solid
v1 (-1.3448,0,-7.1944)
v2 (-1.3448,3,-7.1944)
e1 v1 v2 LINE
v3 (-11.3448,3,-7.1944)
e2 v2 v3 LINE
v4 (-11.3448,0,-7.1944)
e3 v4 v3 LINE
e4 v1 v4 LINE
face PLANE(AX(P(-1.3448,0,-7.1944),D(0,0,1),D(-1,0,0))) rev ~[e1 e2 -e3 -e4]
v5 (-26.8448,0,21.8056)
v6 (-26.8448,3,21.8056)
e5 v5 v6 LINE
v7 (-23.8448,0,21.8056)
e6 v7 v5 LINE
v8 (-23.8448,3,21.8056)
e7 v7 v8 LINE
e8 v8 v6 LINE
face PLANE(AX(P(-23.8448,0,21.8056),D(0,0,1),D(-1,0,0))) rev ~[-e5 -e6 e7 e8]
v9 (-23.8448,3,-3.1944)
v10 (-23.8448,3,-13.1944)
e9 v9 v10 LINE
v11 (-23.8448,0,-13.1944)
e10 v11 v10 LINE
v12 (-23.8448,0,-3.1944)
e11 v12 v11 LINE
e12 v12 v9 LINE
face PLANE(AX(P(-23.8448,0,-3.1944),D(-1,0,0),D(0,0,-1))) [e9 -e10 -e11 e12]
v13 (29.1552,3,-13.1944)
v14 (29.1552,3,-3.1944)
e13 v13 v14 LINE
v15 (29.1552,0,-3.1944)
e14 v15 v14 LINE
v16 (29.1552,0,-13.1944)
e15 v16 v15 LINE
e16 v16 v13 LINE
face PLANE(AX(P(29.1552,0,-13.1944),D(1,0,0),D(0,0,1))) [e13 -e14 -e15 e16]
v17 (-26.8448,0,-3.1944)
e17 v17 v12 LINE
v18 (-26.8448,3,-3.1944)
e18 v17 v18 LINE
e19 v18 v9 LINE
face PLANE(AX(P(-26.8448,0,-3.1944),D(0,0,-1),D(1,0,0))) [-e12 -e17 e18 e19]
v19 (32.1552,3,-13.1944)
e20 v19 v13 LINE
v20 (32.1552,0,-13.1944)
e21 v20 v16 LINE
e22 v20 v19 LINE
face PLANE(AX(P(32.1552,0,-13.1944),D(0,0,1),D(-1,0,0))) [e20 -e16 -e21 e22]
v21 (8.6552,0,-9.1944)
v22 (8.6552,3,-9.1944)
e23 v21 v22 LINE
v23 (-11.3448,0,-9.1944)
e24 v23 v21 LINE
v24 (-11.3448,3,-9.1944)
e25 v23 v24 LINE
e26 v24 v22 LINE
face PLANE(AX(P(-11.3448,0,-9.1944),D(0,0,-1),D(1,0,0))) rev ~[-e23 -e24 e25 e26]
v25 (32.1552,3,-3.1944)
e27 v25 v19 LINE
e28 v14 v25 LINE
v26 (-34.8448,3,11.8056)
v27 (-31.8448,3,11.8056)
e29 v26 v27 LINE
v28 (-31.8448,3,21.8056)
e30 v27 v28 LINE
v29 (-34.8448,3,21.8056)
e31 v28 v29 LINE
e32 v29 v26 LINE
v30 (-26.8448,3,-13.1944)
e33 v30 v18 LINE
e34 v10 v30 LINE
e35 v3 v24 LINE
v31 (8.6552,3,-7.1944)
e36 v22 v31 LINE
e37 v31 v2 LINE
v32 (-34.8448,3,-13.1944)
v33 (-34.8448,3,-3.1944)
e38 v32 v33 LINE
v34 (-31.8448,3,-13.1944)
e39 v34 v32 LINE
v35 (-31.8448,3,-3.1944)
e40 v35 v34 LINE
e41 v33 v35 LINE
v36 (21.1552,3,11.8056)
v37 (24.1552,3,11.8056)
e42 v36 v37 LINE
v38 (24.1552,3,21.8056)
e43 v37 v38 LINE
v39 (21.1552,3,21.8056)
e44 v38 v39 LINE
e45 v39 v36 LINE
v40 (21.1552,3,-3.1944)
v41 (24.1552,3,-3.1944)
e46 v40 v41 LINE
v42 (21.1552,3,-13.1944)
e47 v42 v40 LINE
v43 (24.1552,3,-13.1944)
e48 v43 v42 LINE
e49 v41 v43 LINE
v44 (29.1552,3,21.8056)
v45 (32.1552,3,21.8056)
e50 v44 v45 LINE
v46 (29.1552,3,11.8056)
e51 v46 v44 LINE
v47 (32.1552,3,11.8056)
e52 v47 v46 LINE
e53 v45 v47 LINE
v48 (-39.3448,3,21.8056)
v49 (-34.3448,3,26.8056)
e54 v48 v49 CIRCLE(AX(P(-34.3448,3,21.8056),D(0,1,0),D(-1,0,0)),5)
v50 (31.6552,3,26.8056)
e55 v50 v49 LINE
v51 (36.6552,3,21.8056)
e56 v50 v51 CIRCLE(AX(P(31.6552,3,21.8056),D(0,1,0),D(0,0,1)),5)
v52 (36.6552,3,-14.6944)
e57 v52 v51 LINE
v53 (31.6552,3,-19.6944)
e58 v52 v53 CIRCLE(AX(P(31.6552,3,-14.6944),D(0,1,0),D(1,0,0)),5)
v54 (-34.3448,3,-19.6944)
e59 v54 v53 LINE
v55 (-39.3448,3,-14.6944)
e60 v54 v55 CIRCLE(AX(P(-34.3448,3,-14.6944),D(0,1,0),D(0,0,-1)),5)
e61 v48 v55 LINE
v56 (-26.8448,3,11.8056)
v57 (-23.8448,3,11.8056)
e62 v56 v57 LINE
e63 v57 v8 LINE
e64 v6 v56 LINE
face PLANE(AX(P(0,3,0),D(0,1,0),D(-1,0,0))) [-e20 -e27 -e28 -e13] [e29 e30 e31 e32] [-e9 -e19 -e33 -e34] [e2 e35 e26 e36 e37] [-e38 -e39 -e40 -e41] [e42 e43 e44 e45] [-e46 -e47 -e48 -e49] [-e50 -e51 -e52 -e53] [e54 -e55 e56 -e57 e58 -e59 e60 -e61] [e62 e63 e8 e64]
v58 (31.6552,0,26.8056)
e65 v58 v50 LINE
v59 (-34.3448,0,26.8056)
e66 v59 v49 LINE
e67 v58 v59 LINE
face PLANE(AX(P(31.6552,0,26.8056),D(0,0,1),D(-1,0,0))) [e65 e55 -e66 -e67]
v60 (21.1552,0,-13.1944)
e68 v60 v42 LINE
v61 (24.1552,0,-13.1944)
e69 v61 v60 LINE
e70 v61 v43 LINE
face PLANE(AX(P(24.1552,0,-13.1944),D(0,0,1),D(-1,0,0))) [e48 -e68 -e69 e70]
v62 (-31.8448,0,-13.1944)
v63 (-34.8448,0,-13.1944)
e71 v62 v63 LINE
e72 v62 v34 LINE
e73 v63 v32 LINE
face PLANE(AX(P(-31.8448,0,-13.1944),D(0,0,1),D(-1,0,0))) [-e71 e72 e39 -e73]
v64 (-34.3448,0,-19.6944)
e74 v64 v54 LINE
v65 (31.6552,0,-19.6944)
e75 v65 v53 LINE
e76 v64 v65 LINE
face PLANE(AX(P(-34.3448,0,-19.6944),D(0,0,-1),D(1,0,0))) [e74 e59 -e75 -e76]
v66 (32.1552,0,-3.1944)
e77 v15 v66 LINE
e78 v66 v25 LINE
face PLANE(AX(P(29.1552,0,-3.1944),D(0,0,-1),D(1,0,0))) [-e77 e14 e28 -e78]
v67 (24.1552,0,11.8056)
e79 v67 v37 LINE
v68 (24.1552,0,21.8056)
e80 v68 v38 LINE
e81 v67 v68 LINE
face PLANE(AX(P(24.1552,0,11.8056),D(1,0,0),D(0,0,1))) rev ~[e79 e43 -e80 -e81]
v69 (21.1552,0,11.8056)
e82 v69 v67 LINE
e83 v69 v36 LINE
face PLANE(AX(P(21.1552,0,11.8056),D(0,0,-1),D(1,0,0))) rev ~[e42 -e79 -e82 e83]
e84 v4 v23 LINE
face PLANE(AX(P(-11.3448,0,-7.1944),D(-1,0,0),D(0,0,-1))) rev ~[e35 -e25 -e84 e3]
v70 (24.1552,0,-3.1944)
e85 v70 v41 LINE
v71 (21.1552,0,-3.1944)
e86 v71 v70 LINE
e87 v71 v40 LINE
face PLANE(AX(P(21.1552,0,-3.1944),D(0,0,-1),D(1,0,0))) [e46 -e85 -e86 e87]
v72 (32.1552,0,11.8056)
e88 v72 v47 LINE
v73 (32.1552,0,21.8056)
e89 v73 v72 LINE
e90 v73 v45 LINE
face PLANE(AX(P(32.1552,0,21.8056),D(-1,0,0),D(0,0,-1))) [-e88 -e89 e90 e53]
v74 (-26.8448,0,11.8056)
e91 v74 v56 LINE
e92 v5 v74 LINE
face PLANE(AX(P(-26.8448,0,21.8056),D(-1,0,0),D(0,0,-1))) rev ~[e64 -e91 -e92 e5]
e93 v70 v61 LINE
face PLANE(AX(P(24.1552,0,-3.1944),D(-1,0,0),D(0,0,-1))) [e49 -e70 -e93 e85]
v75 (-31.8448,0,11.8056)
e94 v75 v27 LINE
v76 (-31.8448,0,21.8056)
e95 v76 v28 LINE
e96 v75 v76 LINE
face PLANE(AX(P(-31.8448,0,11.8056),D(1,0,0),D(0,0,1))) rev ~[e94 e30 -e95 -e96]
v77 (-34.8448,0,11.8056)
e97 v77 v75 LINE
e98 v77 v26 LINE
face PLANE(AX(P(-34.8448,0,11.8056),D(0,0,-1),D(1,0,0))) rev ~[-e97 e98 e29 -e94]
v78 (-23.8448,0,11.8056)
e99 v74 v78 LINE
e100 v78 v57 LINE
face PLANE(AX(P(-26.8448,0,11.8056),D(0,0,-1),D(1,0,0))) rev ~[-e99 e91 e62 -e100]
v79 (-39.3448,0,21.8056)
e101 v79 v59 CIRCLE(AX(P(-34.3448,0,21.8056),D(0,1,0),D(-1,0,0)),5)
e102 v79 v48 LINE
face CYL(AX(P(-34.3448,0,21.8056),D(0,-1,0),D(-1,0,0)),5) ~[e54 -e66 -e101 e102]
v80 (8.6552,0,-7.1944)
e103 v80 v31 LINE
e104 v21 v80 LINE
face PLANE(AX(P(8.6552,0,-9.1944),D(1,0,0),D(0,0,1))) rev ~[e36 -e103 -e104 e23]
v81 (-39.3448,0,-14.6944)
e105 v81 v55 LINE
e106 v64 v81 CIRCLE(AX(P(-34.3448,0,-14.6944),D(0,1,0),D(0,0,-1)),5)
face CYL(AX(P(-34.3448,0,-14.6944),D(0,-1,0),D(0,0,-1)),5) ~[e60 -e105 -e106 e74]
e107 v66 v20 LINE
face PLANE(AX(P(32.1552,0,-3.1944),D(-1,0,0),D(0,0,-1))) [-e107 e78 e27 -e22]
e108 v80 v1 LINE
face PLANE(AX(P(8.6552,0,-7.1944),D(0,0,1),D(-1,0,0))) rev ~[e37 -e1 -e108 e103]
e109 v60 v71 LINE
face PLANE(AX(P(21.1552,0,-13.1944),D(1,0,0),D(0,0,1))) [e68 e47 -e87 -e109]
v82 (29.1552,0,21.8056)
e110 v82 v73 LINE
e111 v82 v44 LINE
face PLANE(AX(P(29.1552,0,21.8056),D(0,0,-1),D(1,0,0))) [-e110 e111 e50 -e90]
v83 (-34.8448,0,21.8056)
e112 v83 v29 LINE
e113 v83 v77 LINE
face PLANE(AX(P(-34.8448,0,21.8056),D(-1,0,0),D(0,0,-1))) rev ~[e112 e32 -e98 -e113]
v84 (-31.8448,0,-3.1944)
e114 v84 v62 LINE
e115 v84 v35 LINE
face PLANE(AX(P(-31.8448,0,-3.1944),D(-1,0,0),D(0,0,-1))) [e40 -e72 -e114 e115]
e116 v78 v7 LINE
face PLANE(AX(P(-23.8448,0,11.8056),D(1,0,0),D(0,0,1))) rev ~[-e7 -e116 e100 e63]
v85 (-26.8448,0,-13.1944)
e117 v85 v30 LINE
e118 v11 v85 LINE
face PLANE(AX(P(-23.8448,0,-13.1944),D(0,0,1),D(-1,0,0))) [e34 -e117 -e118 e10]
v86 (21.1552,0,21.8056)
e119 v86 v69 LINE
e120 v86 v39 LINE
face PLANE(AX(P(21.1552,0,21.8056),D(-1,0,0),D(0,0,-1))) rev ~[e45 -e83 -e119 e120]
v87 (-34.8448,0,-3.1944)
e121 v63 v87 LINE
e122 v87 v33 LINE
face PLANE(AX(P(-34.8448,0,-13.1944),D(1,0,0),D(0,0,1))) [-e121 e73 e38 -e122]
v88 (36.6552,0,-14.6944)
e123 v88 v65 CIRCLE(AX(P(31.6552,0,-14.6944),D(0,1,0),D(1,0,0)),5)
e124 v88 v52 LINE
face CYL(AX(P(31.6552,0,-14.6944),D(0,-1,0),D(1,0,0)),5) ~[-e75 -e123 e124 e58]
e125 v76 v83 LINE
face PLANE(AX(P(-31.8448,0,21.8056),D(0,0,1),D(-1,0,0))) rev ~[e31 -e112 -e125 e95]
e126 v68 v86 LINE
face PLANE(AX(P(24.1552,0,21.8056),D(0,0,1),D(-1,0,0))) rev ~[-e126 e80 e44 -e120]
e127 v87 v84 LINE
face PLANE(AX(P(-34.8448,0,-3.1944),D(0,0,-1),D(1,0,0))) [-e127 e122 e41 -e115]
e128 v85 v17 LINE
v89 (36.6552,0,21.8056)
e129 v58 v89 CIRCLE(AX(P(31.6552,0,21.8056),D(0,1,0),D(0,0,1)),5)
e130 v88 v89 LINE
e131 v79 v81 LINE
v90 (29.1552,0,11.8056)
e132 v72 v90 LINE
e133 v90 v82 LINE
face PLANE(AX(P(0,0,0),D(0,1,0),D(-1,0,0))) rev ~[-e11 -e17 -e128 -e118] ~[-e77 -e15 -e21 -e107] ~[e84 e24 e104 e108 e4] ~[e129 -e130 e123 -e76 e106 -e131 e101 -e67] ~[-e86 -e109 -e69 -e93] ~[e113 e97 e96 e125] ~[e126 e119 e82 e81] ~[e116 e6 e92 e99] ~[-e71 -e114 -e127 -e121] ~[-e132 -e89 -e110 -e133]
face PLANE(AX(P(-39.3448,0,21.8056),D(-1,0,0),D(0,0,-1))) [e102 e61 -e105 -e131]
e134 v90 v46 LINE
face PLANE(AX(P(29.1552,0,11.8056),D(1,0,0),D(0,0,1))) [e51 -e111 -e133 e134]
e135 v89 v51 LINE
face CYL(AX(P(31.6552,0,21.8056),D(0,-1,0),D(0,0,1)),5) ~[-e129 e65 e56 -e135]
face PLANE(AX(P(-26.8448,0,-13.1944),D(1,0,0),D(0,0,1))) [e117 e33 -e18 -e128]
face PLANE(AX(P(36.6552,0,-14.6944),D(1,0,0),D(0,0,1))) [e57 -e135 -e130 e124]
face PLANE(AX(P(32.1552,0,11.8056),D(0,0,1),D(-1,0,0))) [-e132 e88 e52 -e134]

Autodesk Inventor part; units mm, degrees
ref_plane "YZ Plane" through (0, 0, 0) normal (1, 0, 0) x (0, 1, 0)
ref_plane "XZ Plane" through (0, 0, 0) normal (0, 1, 0) x (-1, 0, 0)
ref_plane "XY Plane" through (0, 0, 0) normal (0, 0, 1) x (1, 0, 0)
sketch "Sketch1" plane through (0, 0, 0) normal (0, 1, 0) x (-1, 0, 0)
  line L0 (-21.1552, -13.1944) -> (-21.1552, -3.1944)
  line L1 (-21.1552, -3.1944) -> (-24.1552, -3.1944)
  line L2 (-24.1552, -3.1944) -> (-24.1552, -13.1944)
  line L3 (-24.1552, -13.1944) -> (-21.1552, -13.1944)
  line L4 (-21.1552, 11.8056) -> (-24.1552, 11.8056)
  line L5 (-24.1552, 11.8056) -> (-24.1552, 21.8056)
  line L6 (-24.1552, 21.8056) -> (-21.1552, 21.8056)
  line L7 (-21.1552, 21.8056) -> (-21.1552, 11.8056)
  line L8 (26.8448, -13.1944) -> (26.8448, -3.1944)
  line L9 (26.8448, -3.1944) -> (23.8448, -3.1944)
  line L10 (23.8448, -3.1944) -> (23.8448, -13.1944)
  line L11 (23.8448, -13.1944) -> (26.8448, -13.1944)
  line L12 (26.8448, 11.8056) -> (23.8448, 11.8056)
  line L13 (23.8448, 11.8056) -> (23.8448, 21.8056)
  line L14 (23.8448, 21.8056) -> (26.8448, 21.8056)
  line L15 (26.8448, 21.8056) -> (26.8448, 11.8056)
  line L16 (1.3448, -7.1944) -> (11.3448, -7.1944)
  line L17 (11.3448, -7.1944) -> (11.3448, -9.1944)
  line L18 (11.3448, -9.1944) -> (-8.6552, -9.1944)
  line L19 (-8.6552, -9.1944) -> (-8.6552, -7.1944)
  line L20 (-8.6552, -7.1944) -> (1.3448, -7.1944)
  line L21 (34.3448, -19.6944) -> (-31.6552, -19.6944)
  line L22 (-36.6552, -14.6944) -> (-36.6552, 21.8056)
  arc A0 (-36.6552, -14.6944) -> (-31.6552, -19.6944) centre (-31.6552, -14.6944) ccw
  arc A1 (-31.6552, 26.8056) -> (-36.6552, 21.8056) centre (-31.6552, 21.8056) ccw
  line L23 (-31.6552, 26.8056) -> (34.3448, 26.8056)
  arc A2 (39.3448, 21.8056) -> (34.3448, 26.8056) centre (34.3448, 21.8056) ccw
  line L24 (39.3448, 21.8056) -> (39.3448, -14.6944)
  arc A3 (34.3448, -19.6944) -> (39.3448, -14.6944) centre (34.3448, -14.6944) ccw
  line L25 (-29.1552, 11.8056) -> (-29.1552, 21.8056)
  line L26 (-29.1552, 21.8056) -> (-32.1552, 21.8056)
  line L27 (-32.1552, 21.8056) -> (-32.1552, 11.8056)
  line L28 (-32.1552, 11.8056) -> (-29.1552, 11.8056)
  line L29 (-29.1552, -13.1944) -> (-29.1552, -3.1944)
  line L30 (-29.1552, -3.1944) -> (-32.1552, -3.1944)
  line L31 (-32.1552, -3.1944) -> (-32.1552, -13.1944)
  line L32 (-32.1552, -13.1944) -> (-29.1552, -13.1944)
  line L33 (34.8448, -13.1944) -> (34.8448, -3.1944)
  line L34 (34.8448, -3.1944) -> (31.8448, -3.1944)
  line L35 (31.8448, -3.1944) -> (31.8448, -13.1944)
  line L36 (31.8448, -13.1944) -> (34.8448, -13.1944)
  line L37 (34.8448, 11.8056) -> (31.8448, 11.8056)
  line L38 (31.8448, 11.8056) -> (31.8448, 21.8056)
  line L39 (31.8448, 21.8056) -> (34.8448, 21.8056)
  line L40 (34.8448, 21.8056) -> (34.8448, 11.8056)
extrude "Extrusion1" add sketch "Sketch1" along normal blind 3
properties part number "cambase"
